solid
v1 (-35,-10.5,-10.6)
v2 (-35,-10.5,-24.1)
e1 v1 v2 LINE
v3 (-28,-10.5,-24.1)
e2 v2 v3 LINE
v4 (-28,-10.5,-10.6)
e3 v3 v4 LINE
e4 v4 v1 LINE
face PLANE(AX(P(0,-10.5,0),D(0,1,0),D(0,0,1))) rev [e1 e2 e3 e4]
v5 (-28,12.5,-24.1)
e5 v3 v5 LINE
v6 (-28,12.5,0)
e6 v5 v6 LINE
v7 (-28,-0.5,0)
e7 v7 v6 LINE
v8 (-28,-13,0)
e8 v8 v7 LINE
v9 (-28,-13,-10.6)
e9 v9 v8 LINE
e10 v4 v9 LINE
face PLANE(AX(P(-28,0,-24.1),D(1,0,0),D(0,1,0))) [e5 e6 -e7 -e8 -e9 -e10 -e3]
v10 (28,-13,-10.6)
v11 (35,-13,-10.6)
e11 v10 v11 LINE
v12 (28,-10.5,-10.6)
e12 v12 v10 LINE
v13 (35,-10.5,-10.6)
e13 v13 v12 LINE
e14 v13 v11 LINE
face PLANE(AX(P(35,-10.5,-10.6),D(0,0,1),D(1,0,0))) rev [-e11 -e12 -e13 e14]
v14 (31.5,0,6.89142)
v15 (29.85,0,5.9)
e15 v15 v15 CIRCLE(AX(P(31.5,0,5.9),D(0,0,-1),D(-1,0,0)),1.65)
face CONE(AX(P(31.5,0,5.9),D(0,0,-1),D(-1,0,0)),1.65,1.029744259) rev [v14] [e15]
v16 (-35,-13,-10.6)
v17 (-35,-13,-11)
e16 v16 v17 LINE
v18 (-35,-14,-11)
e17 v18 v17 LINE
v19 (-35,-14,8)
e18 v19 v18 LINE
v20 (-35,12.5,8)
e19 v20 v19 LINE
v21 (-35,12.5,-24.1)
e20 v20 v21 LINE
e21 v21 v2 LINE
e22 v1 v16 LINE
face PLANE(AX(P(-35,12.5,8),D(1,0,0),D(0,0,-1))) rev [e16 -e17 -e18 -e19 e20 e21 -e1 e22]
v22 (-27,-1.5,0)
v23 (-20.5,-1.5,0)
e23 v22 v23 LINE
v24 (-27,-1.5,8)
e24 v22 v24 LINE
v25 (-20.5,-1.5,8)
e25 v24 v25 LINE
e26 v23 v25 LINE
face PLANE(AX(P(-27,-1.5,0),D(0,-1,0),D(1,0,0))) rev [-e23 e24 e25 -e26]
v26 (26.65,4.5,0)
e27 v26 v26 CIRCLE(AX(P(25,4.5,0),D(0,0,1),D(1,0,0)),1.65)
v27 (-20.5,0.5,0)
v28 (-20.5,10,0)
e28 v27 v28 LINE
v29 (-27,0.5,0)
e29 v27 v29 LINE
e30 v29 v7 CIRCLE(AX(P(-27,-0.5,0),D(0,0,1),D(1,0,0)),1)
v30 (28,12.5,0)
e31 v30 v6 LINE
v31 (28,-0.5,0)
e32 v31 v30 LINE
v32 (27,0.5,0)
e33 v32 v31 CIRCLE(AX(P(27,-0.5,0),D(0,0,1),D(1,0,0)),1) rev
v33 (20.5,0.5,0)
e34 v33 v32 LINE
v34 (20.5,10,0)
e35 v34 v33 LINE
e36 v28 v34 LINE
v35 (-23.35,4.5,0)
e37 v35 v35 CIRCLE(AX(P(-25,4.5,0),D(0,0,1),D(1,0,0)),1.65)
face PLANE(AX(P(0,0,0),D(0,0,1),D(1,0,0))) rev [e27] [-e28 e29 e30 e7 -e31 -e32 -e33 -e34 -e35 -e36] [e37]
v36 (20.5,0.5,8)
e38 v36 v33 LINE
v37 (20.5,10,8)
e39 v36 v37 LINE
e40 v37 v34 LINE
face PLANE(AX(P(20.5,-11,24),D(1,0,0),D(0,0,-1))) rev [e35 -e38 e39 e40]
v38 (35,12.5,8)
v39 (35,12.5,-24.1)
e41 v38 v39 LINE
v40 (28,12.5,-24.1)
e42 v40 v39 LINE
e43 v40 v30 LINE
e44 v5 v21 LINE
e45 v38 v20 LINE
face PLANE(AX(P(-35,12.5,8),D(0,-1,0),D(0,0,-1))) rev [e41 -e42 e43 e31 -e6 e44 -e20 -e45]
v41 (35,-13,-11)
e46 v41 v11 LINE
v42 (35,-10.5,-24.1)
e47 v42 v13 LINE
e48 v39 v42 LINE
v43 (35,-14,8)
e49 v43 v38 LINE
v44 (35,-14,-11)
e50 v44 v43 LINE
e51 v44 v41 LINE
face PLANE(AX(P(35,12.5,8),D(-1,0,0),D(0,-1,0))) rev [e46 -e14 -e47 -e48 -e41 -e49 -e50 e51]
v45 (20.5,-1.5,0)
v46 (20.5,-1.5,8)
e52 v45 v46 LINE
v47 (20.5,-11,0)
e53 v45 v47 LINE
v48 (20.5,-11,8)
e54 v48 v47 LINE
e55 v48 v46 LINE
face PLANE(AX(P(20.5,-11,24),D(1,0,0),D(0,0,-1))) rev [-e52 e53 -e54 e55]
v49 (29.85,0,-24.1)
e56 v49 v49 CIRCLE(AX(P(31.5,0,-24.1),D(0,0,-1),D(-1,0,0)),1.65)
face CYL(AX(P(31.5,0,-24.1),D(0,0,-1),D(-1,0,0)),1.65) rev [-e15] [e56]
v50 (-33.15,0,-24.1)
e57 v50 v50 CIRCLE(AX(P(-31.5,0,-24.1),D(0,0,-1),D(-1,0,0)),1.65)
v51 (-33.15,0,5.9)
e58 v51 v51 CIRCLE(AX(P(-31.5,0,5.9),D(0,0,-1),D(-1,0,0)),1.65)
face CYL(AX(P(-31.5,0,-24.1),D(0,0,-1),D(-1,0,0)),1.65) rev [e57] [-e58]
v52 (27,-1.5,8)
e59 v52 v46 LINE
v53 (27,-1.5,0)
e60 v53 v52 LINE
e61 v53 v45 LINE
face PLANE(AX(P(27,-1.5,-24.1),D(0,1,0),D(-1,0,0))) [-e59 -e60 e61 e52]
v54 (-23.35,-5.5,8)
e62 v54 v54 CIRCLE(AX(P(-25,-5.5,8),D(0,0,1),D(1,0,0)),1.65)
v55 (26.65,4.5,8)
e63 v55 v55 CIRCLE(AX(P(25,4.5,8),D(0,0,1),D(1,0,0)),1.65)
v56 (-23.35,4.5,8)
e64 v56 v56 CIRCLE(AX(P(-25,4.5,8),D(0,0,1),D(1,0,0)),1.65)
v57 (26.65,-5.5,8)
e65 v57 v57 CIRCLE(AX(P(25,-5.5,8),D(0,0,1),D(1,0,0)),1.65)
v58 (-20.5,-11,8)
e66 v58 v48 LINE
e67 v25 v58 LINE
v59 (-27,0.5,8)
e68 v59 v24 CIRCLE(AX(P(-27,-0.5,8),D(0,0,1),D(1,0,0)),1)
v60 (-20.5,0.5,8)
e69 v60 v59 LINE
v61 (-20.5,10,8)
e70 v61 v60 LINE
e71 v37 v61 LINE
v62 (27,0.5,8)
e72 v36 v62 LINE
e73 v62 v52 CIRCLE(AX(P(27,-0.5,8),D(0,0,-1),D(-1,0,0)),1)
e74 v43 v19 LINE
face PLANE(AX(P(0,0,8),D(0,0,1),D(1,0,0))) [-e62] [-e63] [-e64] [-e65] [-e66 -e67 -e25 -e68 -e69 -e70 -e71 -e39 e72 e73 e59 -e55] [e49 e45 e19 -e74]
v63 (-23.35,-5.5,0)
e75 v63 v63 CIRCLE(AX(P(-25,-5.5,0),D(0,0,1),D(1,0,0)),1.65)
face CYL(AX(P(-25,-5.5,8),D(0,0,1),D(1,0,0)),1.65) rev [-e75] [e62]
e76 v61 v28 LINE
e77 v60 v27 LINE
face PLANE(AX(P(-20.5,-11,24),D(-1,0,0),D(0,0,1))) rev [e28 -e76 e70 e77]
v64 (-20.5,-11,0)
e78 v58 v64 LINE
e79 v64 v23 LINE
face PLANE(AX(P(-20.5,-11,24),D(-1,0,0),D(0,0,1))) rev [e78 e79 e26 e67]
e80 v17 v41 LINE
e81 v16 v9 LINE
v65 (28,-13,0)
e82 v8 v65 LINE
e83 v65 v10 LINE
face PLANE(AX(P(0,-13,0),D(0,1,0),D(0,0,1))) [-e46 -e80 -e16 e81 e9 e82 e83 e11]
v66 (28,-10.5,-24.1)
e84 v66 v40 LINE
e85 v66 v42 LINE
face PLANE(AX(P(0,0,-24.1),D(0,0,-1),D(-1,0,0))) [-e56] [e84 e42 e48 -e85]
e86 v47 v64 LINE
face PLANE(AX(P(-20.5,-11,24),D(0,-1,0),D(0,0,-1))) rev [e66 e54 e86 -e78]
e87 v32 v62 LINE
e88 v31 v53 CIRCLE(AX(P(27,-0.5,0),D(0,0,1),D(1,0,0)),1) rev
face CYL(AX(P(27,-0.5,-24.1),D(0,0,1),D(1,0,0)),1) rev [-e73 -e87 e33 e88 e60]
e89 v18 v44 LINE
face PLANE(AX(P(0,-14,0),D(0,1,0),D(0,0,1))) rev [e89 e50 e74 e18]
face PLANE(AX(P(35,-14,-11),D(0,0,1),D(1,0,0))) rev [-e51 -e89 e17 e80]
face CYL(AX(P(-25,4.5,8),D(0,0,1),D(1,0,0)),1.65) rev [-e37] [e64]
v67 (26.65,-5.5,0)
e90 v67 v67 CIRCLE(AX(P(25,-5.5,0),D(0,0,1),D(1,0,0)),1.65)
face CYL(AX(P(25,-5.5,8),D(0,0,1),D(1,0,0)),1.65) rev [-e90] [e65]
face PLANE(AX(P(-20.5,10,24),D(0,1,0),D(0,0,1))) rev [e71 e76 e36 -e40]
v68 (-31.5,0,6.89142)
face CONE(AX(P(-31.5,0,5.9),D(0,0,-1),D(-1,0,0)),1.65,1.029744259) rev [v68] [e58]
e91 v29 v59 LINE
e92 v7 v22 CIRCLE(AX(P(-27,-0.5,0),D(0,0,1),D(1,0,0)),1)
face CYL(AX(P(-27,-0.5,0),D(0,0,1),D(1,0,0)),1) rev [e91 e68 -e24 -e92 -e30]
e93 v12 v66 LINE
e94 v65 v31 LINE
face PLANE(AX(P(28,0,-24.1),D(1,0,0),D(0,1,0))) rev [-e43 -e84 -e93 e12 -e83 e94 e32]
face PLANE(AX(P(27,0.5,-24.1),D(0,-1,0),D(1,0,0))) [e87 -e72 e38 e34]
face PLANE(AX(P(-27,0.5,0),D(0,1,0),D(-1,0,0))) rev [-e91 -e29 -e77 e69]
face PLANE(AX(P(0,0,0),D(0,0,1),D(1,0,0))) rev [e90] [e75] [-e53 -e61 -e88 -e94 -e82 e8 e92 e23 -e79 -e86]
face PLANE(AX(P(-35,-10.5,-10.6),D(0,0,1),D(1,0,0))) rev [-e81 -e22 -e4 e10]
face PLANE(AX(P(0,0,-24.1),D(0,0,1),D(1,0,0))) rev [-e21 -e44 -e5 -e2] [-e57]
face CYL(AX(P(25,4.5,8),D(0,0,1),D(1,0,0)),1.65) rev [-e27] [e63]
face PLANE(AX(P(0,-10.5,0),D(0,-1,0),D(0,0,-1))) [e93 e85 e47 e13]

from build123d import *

# Parameters (mm, degrees)
SKETCH_1_W          = 70
SKETCH_1_H          = 25
EXTRUDE_1_DEPTH     = 8
SKETCH_2_W          = 41
SKETCH_2_H          = 21
CUT_EXTRUDE_1_DEPTH = 24
CUT_EXTRUDE_4_DEPTH = 39.016443811
EXTRUDE_START       = -8
SKETCH_5_W          = 7
SKETCH_5_H          = 25
EXTRUDE_2_DEPTH     = 24.1
SKETCH_9_W          = 7
SKETCH_9_H          = 13.5
CUT_EXTRUDE_3_DEPTH = 2
EXTRUDE_11_DEPTH    = 0.5
SKETCH_20_W         = 70
SKETCH_20_H         = 19
EXTRUDE_12_DEPTH    = 1
M4X0_7_3_D          = 3.3


with BuildPart() as part:
    # 草圖1 → 填料-伸長1 (new body)
    with BuildSketch(Plane.XY):
        Rectangle(SKETCH_1_W, SKETCH_1_H)
    extrude(amount=EXTRUDE_1_DEPTH)

    # 草圖2 → 除料-伸長1 (cut)
    with BuildSketch(Plane(origin=(0, 0, 0), x_dir=(-1, 0, 0), z_dir=(0, 0, -1))):
        with Locations((0, -0.5)):
            Rectangle(SKETCH_2_W, SKETCH_2_H)
    extrude(amount=-CUT_EXTRUDE_1_DEPTH, mode=Mode.SUBTRACT)

    # 草圖10 → 除料-伸長4 (cut, through all)
    with BuildSketch(Plane.XY.offset(8)):
        with BuildLine():
            Line((-27, 0.5), (-14, 0.5))
            ThreePointArc((-14, 0.5), (-13, -0.5), (-14, -1.5))
            Line((-14, -1.5), (-27, -1.5))
            ThreePointArc((-27, -1.5), (-28, -0.5), (-27, 0.5))
        make_face()
    cut_extrude_4 = extrude(amount=-CUT_EXTRUDE_4_DEPTH, mode=Mode.SUBTRACT)

    # 草圖5 → 填料-伸長2 (add)
    with BuildSketch(Plane.XY.offset(8).offset(EXTRUDE_START)):
        with Locations((-31.5, 0)):
            Rectangle(SKETCH_5_W, SKETCH_5_H)
    extrude_2 = extrude(amount=-EXTRUDE_2_DEPTH)

    # 草圖8 → M4x0.7 螺紋孔1 (revolve, cut)
    with BuildSketch(Plane(origin=(-31.5, 0, -24.1), x_dir=(0, 1, 0), z_dir=(1, 0, 0))):
        Polygon((0, 0), (0, 30.991420021), (1.65, 30), (1.65, 0), align=None)
    m4x0_7_1 = revolve(axis=Axis((-31.5, 0, -30.45), (0, 0, 1)), mode=Mode.SUBTRACT)

    # 鏡射1: 除料-伸長4, 填料-伸長2, M4x0.7 螺紋孔1 across plane
    add(cut_extrude_4.mirror(Plane(origin=(0, 0, 0), x_dir=(0, 0, 1), z_dir=(1, 0, 0))), mode=Mode.SUBTRACT)
    add(extrude_2.mirror(Plane(origin=(0, 0, 0), x_dir=(0, 0, 1), z_dir=(1, 0, 0))))
    add(m4x0_7_1.mirror(Plane(origin=(0, 0, 0), x_dir=(0, 0, 1), z_dir=(1, 0, 0))), mode=Mode.SUBTRACT)

    # 草圖9 → 除料-伸長3 (cut)
    with BuildSketch(Plane.XZ.offset(12.5)):
        with Locations((31.5, -17.35)):
            Rectangle(SKETCH_9_W, SKETCH_9_H)
        with Locations((-31.5, -17.35)):
            Rectangle(SKETCH_9_W, SKETCH_9_H)
    extrude(amount=-CUT_EXTRUDE_3_DEPTH, mode=Mode.SUBTRACT)

    # 草圖19 → 填料-伸長11 (add)
    with BuildSketch(Plane.XZ.offset(12.5)):
        Polygon((35, 8), (-35, 8), (-35, -10.6), (-28, -10.6), (-28, 0), (28, 0), (28, -10.6), (35, -10.6), align=None)
    extrude(amount=EXTRUDE_11_DEPTH)

    # 草圖20 → 填料-伸長12 (add)
    with BuildSketch(Plane.XZ.offset(13)):
        with Locations((0, -1.5)):
            Rectangle(SKETCH_20_W, SKETCH_20_H)
    extrude(amount=EXTRUDE_12_DEPTH)

    # M4x0.7 螺紋孔3 (through all)
    with Locations(Plane.XY.offset(8)):
        with Locations((25, -5.5), (-25, 4.5), (-25, -5.5), (25, 4.5)):
            Hole(M4X0_7_3_D / 2)


solid = part.part
